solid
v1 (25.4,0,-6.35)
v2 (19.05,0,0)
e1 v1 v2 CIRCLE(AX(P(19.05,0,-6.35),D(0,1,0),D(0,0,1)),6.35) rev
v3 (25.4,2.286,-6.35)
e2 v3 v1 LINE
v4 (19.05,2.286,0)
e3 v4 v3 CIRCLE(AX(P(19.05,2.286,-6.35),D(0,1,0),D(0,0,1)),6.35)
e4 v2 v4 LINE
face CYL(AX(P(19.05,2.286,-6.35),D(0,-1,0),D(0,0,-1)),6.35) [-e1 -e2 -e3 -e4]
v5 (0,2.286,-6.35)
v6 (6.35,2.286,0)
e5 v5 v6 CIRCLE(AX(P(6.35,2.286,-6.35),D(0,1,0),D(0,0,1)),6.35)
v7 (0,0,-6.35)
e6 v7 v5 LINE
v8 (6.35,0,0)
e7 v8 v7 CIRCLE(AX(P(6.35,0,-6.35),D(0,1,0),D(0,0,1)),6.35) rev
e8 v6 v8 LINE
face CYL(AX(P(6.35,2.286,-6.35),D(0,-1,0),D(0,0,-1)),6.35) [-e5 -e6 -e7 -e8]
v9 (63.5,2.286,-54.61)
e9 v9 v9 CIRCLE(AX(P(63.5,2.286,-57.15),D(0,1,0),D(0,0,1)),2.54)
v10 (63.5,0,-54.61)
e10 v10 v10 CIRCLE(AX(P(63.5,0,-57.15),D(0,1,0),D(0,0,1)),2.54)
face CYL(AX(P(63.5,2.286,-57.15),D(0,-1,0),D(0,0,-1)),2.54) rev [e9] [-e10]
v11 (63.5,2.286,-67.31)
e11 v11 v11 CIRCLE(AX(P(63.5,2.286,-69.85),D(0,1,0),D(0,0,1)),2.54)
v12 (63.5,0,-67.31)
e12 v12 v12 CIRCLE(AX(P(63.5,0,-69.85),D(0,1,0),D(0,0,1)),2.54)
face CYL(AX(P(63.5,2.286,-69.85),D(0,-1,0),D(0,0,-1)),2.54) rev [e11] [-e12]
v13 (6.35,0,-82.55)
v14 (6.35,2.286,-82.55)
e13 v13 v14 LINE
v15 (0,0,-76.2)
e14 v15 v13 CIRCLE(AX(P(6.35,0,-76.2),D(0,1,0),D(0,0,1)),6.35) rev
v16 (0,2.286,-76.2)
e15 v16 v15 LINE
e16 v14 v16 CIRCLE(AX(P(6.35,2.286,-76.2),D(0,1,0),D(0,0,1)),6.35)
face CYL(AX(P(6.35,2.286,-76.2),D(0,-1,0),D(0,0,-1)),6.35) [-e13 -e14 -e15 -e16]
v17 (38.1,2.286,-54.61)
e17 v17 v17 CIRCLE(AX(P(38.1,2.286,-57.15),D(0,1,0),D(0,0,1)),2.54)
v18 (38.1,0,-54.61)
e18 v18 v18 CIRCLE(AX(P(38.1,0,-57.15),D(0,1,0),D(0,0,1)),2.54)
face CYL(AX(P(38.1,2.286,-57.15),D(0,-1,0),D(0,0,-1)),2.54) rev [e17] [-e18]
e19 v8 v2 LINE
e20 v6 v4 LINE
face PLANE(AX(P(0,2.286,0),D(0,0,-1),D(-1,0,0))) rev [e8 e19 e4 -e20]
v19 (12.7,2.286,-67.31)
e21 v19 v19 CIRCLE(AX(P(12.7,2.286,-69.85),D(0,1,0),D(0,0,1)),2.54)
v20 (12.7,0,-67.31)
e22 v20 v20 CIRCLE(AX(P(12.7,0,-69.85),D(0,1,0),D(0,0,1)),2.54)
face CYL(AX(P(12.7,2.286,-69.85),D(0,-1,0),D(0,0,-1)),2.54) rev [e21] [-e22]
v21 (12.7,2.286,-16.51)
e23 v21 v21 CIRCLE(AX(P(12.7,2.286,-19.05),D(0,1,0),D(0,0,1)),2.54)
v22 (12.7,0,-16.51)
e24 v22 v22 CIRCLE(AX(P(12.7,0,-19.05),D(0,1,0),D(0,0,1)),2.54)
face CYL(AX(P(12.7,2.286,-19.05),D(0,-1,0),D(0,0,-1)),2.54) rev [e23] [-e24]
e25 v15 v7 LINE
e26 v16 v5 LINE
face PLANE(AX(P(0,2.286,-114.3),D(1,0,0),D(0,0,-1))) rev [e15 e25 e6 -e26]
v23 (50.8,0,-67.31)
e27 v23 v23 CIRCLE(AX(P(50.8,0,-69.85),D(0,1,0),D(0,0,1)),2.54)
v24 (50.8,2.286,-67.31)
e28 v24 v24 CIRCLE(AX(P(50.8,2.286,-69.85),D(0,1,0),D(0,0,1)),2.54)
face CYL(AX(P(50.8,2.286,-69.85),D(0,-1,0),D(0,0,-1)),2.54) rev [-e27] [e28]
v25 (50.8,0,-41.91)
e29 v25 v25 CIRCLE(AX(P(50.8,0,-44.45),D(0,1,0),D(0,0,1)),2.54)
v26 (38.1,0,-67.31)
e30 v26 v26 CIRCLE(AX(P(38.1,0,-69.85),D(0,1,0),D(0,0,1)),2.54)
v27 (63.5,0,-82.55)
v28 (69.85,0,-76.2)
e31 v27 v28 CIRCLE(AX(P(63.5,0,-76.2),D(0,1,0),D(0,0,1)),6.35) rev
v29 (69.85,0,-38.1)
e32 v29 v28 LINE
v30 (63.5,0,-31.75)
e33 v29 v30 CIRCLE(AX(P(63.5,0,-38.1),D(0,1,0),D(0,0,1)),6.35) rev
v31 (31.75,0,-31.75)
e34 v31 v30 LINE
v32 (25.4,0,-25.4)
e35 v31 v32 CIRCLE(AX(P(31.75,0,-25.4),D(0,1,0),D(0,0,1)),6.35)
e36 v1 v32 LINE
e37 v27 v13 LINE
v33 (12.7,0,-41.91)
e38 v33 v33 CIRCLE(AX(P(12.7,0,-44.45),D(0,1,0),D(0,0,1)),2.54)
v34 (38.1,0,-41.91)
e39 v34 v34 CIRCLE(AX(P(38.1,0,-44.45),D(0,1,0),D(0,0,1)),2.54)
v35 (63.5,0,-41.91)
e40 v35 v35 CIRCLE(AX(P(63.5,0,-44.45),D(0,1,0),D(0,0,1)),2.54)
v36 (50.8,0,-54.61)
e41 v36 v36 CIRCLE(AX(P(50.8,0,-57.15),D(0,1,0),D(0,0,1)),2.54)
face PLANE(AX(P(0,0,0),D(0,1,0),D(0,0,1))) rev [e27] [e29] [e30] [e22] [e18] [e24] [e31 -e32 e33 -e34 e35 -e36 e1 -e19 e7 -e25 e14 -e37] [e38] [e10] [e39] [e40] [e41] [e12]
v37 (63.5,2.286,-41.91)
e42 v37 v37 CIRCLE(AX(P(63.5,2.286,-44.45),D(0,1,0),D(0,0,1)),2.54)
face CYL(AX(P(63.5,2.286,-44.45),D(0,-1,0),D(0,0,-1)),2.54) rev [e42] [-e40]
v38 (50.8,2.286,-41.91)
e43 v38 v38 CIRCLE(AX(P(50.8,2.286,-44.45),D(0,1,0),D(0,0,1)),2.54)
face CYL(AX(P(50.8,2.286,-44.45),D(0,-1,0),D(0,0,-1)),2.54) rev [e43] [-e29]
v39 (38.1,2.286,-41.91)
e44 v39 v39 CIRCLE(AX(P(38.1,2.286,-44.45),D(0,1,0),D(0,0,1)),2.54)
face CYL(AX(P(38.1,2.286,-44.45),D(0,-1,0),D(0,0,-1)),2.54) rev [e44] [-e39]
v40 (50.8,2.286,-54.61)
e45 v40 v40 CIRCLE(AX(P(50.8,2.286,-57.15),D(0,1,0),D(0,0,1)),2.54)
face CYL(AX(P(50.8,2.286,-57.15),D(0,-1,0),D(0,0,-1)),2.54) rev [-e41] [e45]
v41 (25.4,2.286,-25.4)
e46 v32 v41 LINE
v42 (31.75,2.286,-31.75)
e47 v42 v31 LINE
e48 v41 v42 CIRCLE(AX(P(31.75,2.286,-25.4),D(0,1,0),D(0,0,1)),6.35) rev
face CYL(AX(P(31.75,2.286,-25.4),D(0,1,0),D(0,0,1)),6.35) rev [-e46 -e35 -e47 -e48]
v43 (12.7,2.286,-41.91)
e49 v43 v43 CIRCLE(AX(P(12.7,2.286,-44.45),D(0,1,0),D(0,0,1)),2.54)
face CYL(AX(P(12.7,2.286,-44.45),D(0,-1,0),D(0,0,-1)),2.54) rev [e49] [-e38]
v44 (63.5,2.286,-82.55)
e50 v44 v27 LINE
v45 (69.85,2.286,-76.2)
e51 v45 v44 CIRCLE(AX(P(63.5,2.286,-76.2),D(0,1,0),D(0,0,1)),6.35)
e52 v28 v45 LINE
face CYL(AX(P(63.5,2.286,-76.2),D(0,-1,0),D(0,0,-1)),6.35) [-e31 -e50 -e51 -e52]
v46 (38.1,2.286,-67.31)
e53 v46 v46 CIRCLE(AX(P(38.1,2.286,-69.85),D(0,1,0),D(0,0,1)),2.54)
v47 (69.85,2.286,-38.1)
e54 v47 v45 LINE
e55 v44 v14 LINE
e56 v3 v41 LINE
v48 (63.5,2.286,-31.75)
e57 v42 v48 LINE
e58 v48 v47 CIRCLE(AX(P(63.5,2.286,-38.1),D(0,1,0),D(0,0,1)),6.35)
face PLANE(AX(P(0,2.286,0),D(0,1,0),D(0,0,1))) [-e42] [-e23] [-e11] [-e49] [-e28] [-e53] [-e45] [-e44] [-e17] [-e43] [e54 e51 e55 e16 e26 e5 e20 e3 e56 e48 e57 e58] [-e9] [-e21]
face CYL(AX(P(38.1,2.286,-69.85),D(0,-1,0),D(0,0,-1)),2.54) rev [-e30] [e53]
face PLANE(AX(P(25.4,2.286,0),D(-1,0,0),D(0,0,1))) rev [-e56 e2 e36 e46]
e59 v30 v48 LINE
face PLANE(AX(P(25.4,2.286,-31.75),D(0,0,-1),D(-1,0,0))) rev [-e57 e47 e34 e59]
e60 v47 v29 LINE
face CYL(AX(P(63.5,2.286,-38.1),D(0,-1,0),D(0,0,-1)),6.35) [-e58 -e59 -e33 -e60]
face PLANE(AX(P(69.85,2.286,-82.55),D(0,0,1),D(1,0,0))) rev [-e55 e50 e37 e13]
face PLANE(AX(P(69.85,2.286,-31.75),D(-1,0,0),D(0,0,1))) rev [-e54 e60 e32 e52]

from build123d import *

# Parameters (mm, degrees)
SKETCH1_R           = 2.54
BOSS_EXTRUDE1_DEPTH = 2.286
SKETCH2_W           = 25.4
SKETCH2_H           = 31.75
CUT_EXTRUDE1_DEPTH  = 2.54
FILLET1_R           = 6.35


with BuildPart() as part:
    # Sketch1 → Boss-Extrude1 (new body)
    with BuildSketch(Plane(origin=(0, 0, 0), x_dir=(1, 0, 0), z_dir=(0, 1, 0))):
        Polygon((25.4, 114.3), (0, 114.3), (0, 0), (25.4, 0), (25.4, 31.75), (69.85, 31.75), (69.85, 82.55), (25.4, 82.55), align=None)
        with Locations(Location((12.7, 95.25, 0), (0, 0, 270))):
            Circle(SKETCH1_R, mode=Mode.SUBTRACT)
        with Locations(Location((12.7, 69.85, 0), (0, 0, 270))):
            Circle(SKETCH1_R, mode=Mode.SUBTRACT)
        with Locations(Location((12.7, 44.45, 0), (0, 0, 270))):
            Circle(SKETCH1_R, mode=Mode.SUBTRACT)
        with Locations(Location((12.7, 19.05, 0), (0, 0, 270))):
            Circle(SKETCH1_R, mode=Mode.SUBTRACT)
        with Locations(Location((38.1, 69.85, 0), (0, 0, 270))):
            Circle(SKETCH1_R, mode=Mode.SUBTRACT)
        with Locations(Location((50.8, 69.85, 0), (0, 0, 270))):
            Circle(SKETCH1_R, mode=Mode.SUBTRACT)
        with Locations(Location((63.5, 69.85, 0), (0, 0, 270))):
            Circle(SKETCH1_R, mode=Mode.SUBTRACT)
        with Locations(Location((50.8, 57.15, 0), (0, 0, 270))):
            Circle(SKETCH1_R, mode=Mode.SUBTRACT)
        with Locations(Location((63.5, 57.15, 0), (0, 0, 270))):
            Circle(SKETCH1_R, mode=Mode.SUBTRACT)
        with Locations(Location((50.8, 44.45, 0), (0, 0, 270))):
            Circle(SKETCH1_R, mode=Mode.SUBTRACT)
        with Locations(Location((63.5, 44.45, 0), (0, 0, 270))):
            Circle(SKETCH1_R, mode=Mode.SUBTRACT)
        with Locations(Location((38.1, 57.15, 0), (0, 0, 270))):
            Circle(SKETCH1_R, mode=Mode.SUBTRACT)
        with Locations(Location((38.1, 44.45, 0), (0, 0, 270))):
            Circle(SKETCH1_R, mode=Mode.SUBTRACT)
    extrude(amount=BOSS_EXTRUDE1_DEPTH)

    # Sketch2 → Cut-Extrude1 (cut)
    with BuildSketch(Plane(origin=(0, 2.286, 0), x_dir=(1, 0, 0), z_dir=(0, 1, 0))):
        with Locations((12.7, 98.425)):
            Rectangle(SKETCH2_W, SKETCH2_H)
    extrude(amount=-CUT_EXTRUDE1_DEPTH, mode=Mode.SUBTRACT)

    # Fillet1
    fillet1_edges = [part.edges().sort_by_distance(p)[0] for p in [
        (69.85, 1.143, -82.55),
        (69.85, 1.143, -31.75),
        (25.4, 1.143, -31.75),
        (25.4, 1.143, 0),
        (0, 1.143, 0),
        (0, 1.143, -82.55),
    ]]
    fillet(fillet1_edges, radius=FILLET1_R)


solid = part.part
